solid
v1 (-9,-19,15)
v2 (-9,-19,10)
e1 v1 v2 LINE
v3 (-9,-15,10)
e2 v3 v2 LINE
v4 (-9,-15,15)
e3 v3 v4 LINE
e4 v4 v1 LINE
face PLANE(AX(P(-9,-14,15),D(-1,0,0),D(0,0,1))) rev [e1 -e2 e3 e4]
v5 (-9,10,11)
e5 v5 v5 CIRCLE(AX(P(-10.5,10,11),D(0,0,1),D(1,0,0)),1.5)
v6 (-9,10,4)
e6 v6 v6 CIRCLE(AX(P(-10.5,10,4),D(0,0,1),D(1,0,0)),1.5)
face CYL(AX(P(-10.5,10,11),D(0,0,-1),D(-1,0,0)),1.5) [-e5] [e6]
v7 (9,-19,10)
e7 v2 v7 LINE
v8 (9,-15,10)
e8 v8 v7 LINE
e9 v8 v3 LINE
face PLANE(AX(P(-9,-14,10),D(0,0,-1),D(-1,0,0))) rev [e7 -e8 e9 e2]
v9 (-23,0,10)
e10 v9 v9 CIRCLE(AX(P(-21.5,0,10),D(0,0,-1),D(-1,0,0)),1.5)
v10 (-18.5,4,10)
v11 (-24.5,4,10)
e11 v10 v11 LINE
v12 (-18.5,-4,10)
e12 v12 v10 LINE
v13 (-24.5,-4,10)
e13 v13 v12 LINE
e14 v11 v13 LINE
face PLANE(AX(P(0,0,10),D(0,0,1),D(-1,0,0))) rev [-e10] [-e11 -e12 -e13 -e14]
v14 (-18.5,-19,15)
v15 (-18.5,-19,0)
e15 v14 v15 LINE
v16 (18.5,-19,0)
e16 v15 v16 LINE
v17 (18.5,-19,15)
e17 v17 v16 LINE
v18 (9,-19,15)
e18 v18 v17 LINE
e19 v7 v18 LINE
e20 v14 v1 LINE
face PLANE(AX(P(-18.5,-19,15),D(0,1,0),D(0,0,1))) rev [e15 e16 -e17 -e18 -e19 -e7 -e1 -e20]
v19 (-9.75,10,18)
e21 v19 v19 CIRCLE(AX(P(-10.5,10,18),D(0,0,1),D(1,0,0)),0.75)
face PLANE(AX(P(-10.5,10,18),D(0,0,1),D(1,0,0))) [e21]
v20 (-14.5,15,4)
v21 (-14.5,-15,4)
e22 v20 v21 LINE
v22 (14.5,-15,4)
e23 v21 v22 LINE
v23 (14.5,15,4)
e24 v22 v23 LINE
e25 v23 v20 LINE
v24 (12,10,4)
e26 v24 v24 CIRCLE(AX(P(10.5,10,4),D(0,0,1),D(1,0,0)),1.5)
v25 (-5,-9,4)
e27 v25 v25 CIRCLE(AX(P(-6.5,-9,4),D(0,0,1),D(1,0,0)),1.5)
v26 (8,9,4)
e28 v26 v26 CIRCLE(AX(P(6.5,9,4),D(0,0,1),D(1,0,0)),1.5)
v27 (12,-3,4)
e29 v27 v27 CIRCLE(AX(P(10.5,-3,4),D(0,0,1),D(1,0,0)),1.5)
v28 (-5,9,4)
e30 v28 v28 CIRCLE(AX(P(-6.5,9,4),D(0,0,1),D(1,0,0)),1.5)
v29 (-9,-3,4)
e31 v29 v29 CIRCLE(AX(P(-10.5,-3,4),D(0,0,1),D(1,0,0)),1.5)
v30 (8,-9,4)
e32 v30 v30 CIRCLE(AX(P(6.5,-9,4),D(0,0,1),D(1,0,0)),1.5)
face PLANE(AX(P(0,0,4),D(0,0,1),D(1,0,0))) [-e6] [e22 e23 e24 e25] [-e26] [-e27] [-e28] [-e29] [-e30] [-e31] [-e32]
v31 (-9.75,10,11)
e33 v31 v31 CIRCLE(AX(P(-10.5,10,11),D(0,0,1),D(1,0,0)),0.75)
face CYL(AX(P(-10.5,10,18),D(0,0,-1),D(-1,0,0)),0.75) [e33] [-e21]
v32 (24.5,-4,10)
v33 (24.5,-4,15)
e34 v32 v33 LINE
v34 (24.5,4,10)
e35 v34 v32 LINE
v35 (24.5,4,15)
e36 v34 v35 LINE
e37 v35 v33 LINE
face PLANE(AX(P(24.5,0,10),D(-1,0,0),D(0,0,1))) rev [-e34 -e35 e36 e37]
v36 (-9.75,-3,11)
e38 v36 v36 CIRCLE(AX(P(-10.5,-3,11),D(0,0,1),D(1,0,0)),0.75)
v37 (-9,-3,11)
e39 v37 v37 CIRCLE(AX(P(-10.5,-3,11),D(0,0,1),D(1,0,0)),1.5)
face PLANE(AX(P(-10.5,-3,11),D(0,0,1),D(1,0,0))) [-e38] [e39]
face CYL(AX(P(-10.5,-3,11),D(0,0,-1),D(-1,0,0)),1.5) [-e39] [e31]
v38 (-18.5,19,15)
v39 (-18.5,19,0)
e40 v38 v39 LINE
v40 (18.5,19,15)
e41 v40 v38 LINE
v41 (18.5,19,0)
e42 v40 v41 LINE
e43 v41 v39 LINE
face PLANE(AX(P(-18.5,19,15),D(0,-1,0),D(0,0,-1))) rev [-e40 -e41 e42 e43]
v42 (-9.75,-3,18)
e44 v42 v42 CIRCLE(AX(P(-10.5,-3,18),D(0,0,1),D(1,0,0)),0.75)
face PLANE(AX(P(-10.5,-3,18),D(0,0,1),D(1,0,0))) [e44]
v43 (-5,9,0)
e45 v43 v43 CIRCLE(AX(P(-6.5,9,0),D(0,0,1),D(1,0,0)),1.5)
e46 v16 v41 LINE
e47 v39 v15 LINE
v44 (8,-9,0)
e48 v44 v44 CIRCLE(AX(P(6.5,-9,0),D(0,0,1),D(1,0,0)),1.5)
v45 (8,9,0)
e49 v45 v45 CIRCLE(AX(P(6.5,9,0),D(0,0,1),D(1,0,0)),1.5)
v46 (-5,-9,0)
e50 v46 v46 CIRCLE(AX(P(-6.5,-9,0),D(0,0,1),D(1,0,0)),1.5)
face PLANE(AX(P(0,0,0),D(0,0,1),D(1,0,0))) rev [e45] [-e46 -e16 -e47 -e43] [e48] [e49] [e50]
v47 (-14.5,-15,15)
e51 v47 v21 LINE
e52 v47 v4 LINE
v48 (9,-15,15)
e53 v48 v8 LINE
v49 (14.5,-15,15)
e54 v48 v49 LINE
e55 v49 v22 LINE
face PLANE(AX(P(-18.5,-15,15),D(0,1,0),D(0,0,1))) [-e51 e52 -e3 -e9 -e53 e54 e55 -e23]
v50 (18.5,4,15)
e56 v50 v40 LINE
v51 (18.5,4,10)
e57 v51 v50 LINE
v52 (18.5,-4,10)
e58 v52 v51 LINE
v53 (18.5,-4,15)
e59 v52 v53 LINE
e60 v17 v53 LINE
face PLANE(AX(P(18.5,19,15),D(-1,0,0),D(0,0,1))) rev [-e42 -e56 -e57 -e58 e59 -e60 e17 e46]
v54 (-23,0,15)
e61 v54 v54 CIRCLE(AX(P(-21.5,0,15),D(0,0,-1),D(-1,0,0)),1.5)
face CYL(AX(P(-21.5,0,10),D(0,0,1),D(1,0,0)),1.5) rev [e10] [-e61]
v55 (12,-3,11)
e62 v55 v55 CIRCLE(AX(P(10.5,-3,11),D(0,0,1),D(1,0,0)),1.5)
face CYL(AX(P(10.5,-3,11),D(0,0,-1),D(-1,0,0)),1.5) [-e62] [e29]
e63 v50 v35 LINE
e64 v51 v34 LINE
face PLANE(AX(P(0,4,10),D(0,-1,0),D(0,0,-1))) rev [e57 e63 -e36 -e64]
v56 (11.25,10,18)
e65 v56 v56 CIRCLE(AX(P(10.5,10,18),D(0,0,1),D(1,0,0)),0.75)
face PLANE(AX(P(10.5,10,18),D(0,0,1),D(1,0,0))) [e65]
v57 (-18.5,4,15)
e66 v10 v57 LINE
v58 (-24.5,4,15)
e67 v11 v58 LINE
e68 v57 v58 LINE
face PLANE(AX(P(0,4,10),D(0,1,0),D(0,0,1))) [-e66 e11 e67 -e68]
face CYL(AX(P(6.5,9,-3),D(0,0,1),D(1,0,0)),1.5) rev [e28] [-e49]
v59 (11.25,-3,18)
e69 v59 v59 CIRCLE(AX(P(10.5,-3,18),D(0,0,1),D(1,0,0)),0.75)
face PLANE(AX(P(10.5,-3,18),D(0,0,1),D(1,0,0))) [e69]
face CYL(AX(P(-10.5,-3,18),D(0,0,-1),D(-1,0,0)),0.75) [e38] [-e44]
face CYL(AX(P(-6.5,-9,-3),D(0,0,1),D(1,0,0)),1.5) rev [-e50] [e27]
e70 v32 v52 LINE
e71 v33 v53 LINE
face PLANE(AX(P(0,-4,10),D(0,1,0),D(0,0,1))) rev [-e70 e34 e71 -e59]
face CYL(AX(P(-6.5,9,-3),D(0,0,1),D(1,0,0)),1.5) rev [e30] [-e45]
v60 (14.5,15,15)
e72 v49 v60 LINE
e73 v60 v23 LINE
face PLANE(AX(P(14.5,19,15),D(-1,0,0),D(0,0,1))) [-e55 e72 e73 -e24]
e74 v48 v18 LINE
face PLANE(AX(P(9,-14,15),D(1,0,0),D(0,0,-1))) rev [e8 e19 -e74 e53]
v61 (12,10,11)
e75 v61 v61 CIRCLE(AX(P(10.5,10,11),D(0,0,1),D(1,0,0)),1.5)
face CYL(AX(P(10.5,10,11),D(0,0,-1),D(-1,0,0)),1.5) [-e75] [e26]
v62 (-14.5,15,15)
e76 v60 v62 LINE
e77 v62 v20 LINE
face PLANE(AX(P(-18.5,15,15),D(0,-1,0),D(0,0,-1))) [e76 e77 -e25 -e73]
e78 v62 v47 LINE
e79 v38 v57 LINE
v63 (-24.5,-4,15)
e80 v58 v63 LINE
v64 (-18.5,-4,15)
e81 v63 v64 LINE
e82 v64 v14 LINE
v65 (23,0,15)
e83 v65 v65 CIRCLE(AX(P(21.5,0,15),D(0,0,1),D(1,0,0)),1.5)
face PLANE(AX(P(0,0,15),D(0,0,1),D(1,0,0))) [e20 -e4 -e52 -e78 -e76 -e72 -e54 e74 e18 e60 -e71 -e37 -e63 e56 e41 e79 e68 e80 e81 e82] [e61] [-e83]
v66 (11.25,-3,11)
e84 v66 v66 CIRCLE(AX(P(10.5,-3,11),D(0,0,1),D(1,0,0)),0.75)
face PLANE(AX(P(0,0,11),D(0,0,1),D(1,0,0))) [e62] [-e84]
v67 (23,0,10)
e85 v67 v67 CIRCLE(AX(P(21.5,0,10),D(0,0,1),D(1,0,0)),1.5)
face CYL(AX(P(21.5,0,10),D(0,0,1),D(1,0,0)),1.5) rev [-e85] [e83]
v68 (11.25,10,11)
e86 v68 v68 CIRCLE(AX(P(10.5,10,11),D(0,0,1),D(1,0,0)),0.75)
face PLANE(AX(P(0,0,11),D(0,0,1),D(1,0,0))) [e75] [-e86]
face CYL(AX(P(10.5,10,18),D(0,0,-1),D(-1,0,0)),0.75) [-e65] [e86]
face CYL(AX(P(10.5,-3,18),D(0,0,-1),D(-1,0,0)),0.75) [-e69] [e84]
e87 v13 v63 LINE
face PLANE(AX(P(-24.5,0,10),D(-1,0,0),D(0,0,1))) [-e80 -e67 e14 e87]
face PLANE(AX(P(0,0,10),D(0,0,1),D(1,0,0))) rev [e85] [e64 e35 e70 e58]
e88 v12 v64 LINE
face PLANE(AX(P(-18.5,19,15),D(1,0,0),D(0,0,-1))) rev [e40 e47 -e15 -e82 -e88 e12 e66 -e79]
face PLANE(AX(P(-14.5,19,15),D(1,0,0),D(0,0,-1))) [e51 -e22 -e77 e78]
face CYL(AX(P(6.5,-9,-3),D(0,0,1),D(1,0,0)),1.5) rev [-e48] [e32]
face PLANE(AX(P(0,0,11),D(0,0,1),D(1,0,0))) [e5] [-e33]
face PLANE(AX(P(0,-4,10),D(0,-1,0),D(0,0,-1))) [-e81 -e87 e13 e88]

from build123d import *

# Parameters (mm, degrees)
CROQUIS1_W              = 37
CROQUIS1_H              = 38
SALIENTE_EXTRUIR1_DEPTH = 15
VACIADO1_T              = -4
CROQUIS2_W              = 6
CROQUIS2_H              = 8
CROQUIS2_R              = 1.5
SALIENTE_EXTRUIR2_DEPTH = 5
CROQUIS3_W              = 18
CROQUIS3_H              = 5
CORTAR_EXTRUIR1_DEPTH   = 5
CROQUIS4_R              = 1.5
SALIENTE_EXTRUIR3_DEPTH = 7
CROQUIS5_R              = 0.75
SALIENTE_EXTRUIR4_DEPTH = 7
CROQUIS7_R              = 1.5
CORTAR_EXTRUIR2_DEPTH   = 7


with BuildPart() as part:
    # Croquis1 → Saliente-Extruir1 (new body)
    with BuildSketch(Plane.XY):
        Rectangle(CROQUIS1_W, CROQUIS1_H)
    extrude(amount=SALIENTE_EXTRUIR1_DEPTH)

    # Vaciado1
    vaciado1_openings = [part.faces().sort_by_distance(p)[0] for p in [
        (0, 0, 15),
    ]]
    offset(amount=VACIADO1_T, openings=vaciado1_openings, kind=Kind.INTERSECTION)

    # Croquis2 → Saliente-Extruir2 (add)
    with BuildSketch(Plane.XY.offset(15)):
        with Locations((21.5, 0)):
            Rectangle(CROQUIS2_W, CROQUIS2_H)
        with Locations((21.5, 0)):
            Circle(CROQUIS2_R, mode=Mode.SUBTRACT)
    saliente_extruir2 = extrude(amount=-SALIENTE_EXTRUIR2_DEPTH)

    # Simetría1: Saliente-Extruir2 across plane
    add(saliente_extruir2.mirror(Plane(origin=(0, 0, 0), x_dir=(0, 0, 1), z_dir=(1, 0, 0))))

    # Croquis3 → Cortar-Extruir1 (cut)
    with BuildSketch(Plane.XZ.offset(19)):
        with Locations((0, 12.5)):
            Rectangle(CROQUIS3_W, CROQUIS3_H)
    extrude(amount=-CORTAR_EXTRUIR1_DEPTH, mode=Mode.SUBTRACT)

    # Croquis4 → Saliente-Extruir3 (add)
    with BuildSketch(Plane.XY.offset(4)):
        with Locations((-10.5, 10)):
            Circle(CROQUIS4_R)
        with Locations((10.5, 10)):
            Circle(CROQUIS4_R)
        with Locations((10.5, -3)):
            Circle(CROQUIS4_R)
        with Locations((-10.5, -3)):
            Circle(CROQUIS4_R)
    extrude(amount=SALIENTE_EXTRUIR3_DEPTH)

    # Croquis5 → Saliente-Extruir4 (add)
    with BuildSketch(Plane.XY.offset(11)):
        with Locations((-10.5, 10)):
            Circle(CROQUIS5_R)
        with Locations((10.5, 10)):
            Circle(CROQUIS5_R)
        with Locations((10.5, -3)):
            Circle(CROQUIS5_R)
        with Locations((-10.5, -3)):
            Circle(CROQUIS5_R)
    extrude(amount=SALIENTE_EXTRUIR4_DEPTH)

    # Croquis7 → Cortar-Extruir2 (cut)
    with BuildSketch(Plane.XY.offset(4)):
        with Locations((-6.5, 9)):
            Circle(CROQUIS7_R)
        with Locations((6.5, 9)):
            Circle(CROQUIS7_R)
        with Locations((6.5, -9)):
            Circle(CROQUIS7_R)
        with Locations((-6.5, -9)):
            Circle(CROQUIS7_R)
    extrude(amount=-CORTAR_EXTRUIR2_DEPTH, mode=Mode.SUBTRACT)


solid = part.part
